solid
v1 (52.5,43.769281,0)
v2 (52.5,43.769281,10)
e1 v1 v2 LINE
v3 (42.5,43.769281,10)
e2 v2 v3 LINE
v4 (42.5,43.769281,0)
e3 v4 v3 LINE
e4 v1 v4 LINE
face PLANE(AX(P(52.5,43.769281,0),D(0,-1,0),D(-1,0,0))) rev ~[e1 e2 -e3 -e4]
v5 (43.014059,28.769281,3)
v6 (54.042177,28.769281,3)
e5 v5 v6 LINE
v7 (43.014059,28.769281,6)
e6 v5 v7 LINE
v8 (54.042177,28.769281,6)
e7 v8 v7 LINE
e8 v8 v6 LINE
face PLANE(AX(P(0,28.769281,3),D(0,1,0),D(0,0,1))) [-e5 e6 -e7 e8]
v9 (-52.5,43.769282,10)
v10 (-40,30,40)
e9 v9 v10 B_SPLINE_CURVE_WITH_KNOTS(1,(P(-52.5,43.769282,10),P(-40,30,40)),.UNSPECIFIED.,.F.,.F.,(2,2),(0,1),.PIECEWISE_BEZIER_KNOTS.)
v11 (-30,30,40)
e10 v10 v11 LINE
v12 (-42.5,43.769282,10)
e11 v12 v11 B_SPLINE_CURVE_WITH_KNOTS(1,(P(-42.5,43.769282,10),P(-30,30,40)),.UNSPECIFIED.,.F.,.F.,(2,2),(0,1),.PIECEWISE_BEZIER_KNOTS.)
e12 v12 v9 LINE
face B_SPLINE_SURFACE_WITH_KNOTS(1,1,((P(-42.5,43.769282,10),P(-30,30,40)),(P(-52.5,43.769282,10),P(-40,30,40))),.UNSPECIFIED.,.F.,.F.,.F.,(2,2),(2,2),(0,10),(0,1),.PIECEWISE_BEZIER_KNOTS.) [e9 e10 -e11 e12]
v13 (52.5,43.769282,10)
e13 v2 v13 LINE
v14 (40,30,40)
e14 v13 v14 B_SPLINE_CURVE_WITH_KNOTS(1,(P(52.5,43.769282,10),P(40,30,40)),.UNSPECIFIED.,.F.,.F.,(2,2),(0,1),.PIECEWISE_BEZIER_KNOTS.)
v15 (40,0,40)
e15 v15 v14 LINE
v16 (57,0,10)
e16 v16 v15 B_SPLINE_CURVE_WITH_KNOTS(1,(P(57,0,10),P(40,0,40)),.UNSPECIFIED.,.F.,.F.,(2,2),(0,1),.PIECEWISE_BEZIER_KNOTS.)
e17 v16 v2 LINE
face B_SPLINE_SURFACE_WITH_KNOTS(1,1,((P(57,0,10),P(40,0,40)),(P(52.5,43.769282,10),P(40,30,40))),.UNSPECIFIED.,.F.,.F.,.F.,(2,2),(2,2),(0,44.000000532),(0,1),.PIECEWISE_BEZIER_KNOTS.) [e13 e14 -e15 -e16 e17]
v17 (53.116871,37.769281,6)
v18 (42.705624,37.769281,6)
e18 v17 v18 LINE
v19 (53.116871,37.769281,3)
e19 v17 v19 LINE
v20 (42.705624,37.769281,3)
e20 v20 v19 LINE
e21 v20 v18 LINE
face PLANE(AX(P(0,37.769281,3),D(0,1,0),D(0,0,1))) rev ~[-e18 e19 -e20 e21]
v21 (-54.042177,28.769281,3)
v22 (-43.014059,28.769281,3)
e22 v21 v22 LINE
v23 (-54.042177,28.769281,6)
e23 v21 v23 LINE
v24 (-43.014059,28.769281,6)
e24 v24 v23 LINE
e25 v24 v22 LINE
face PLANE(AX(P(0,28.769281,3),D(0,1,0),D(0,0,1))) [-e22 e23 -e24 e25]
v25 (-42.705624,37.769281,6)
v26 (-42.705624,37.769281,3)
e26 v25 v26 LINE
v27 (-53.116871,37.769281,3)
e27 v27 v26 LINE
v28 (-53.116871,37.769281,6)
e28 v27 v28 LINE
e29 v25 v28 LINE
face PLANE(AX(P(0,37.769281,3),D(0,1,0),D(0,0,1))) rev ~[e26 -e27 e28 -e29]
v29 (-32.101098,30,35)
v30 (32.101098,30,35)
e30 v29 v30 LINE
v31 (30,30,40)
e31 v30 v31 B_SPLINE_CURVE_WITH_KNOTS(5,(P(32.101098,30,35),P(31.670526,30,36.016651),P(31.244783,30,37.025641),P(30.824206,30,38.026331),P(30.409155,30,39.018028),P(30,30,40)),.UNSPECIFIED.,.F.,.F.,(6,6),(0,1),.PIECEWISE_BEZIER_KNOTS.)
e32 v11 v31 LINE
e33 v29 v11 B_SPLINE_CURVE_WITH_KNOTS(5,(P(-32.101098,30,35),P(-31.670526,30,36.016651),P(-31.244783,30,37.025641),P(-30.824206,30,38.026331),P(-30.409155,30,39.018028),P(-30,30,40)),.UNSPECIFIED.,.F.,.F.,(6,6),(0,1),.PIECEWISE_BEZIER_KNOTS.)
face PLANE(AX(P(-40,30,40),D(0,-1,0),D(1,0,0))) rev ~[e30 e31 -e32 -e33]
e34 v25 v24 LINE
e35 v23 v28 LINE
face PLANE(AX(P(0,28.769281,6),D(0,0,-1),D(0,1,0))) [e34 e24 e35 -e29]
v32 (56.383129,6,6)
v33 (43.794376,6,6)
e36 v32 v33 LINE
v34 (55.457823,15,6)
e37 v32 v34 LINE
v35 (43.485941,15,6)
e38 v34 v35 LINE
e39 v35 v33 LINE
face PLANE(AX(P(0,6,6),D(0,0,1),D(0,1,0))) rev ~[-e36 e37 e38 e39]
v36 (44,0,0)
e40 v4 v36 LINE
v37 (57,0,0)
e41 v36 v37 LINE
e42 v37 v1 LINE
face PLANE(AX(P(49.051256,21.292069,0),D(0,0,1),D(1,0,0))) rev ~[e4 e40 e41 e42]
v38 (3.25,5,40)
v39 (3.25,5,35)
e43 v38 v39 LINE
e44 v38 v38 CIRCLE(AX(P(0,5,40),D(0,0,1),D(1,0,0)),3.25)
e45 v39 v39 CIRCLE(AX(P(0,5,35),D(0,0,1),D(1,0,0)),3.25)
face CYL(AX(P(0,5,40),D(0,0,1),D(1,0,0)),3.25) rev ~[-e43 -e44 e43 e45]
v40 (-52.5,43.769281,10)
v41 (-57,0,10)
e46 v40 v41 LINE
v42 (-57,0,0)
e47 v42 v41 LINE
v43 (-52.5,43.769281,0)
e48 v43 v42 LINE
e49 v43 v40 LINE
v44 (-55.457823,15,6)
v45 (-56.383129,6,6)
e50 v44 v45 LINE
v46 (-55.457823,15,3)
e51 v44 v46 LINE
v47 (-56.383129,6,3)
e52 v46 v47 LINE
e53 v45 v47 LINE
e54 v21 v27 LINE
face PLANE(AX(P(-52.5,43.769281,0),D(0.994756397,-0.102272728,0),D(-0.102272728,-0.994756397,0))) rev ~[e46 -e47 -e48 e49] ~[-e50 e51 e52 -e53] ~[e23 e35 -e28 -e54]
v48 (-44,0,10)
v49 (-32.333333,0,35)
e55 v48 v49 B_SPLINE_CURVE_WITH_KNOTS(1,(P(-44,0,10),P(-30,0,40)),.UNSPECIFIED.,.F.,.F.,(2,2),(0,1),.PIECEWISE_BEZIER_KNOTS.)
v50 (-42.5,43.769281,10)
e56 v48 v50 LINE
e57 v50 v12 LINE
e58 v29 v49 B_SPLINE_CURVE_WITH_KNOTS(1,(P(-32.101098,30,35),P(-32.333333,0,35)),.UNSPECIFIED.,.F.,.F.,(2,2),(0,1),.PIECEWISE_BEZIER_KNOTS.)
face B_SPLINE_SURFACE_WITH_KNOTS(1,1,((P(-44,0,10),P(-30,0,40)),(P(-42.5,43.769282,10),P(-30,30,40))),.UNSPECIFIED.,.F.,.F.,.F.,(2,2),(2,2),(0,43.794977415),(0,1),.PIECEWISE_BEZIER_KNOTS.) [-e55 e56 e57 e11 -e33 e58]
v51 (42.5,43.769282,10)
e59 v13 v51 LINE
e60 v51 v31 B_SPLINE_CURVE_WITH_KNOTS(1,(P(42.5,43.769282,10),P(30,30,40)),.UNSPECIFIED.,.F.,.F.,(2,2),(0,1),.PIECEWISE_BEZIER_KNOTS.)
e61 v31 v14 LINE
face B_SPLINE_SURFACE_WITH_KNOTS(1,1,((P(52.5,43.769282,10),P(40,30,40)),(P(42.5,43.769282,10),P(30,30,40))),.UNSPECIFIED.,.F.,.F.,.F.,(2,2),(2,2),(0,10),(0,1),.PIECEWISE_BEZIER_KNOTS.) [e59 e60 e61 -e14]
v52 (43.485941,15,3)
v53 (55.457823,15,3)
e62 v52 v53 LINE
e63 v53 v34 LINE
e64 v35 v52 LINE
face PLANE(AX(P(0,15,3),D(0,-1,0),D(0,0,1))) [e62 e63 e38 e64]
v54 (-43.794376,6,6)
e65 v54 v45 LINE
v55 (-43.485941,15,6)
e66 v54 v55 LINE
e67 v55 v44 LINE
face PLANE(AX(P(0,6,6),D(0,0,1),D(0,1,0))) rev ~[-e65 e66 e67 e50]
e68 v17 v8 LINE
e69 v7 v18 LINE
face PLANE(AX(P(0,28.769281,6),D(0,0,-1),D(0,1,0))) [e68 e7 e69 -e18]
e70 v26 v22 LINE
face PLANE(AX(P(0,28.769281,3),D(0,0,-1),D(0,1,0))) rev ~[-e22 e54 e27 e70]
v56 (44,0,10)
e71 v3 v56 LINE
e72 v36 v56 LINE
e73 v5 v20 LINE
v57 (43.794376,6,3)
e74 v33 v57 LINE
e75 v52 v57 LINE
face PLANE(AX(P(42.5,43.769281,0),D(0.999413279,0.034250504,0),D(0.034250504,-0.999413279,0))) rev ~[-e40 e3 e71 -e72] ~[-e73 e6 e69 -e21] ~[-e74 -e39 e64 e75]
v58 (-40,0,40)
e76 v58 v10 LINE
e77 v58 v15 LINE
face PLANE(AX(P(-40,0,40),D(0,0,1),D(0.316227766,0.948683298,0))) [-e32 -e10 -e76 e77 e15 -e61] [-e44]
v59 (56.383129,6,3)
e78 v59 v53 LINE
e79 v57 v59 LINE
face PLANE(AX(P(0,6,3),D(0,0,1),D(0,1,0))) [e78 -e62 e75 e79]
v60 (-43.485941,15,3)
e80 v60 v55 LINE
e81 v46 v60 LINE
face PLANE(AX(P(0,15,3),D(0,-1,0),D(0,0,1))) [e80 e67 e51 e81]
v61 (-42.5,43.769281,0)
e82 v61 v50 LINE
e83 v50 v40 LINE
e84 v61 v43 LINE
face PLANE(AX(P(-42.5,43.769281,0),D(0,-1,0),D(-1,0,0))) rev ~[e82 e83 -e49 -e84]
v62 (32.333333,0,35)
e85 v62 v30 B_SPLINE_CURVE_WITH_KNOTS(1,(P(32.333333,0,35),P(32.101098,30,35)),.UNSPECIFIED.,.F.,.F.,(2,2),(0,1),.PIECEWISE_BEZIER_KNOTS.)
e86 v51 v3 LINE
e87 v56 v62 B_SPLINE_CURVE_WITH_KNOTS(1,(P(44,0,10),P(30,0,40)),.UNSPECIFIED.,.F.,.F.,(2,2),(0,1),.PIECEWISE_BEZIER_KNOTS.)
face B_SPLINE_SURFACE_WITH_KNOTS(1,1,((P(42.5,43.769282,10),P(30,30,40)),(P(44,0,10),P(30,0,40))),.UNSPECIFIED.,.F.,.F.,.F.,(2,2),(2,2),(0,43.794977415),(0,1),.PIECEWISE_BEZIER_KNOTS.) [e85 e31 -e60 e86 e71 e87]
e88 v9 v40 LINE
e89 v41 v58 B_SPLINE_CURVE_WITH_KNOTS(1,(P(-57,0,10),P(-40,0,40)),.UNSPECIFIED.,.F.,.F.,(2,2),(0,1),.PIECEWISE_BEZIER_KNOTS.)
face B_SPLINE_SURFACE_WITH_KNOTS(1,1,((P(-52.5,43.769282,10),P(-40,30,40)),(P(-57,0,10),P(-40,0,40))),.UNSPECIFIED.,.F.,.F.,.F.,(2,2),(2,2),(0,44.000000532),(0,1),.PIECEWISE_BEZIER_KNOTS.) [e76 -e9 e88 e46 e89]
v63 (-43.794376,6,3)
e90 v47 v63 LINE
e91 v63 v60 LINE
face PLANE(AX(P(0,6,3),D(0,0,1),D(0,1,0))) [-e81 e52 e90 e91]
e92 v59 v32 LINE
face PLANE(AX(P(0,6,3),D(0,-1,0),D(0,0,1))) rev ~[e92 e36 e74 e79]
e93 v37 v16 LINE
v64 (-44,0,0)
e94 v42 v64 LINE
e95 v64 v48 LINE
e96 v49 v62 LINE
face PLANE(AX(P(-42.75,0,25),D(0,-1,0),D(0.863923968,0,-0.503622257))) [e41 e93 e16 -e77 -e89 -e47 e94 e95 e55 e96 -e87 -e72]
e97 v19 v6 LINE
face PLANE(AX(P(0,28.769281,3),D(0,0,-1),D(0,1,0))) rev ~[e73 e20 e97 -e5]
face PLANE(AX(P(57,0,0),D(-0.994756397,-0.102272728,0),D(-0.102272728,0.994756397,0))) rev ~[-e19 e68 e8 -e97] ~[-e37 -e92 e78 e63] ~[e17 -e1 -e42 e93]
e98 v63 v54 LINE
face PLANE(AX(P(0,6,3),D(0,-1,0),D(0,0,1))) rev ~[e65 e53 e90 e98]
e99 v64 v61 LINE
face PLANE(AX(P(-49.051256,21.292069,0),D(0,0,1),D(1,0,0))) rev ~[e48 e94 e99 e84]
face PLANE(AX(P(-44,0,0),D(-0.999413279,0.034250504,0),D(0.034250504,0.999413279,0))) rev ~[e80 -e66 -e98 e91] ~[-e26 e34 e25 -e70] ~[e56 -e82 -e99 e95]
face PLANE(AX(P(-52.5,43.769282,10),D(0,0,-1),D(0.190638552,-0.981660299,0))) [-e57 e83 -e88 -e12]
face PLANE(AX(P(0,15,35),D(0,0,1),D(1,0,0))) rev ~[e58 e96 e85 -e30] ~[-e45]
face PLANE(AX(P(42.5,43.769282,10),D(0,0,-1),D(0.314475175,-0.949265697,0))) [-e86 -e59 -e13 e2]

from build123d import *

# Parameters (mm, degrees)
F1_DEPTH  = 10
F3_W      = 10
F3_H      = 30
F6_W      = 80
F6_H      = 30
F7_DEPTH  = 5
F8_R      = 3.25
F9_DEPTH  = 5
F10_W     = 9
F10_H     = 3
F11_DEPTH = 100


with BuildPart() as f1:
    # F0 (on Top) → F1 (new body)
    with BuildSketch(Plane.XY):
        Polygon((-52.5, 43.769281), (-57, 0), (-44, 0), (-42.5, 43.769281), align=None)
        Polygon((42.5, 43.769281), (44, 0), (57, 0), (52.5, 43.769281), align=None)
    extrude(amount=F1_DEPTH)

    # F1_face (on face) → F4 section 0
    with BuildSketch(Plane(origin=(-49.065217, 20.933135, 10), x_dir=(1, 0, 0), z_dir=(0, 0, 1))):
        Polygon((-3.434783, 22.836147), (-7.934783, -20.933135), (5.065217, -20.933135), (6.565217, 22.836147), align=None)
    # F3 (on offset) → F4 section 1
    with BuildSketch(Plane.XY.offset(40)):
        with Locations((-35, 15)):
            Rectangle(F3_W, F3_H)
    loft()

    # F1_face (on face) → F5 section 0
    with BuildSketch(Plane(origin=(-49.065217, 20.933135, 10), x_dir=(1, 0, 0), z_dir=(0, 0, 1))):
        Polygon((91.565217, 22.836147), (93.065217, -20.933135), (106.065217, -20.933135), (101.565217, 22.836147), align=None)
    # F3 (on offset) → F5 section 1
    with BuildSketch(Plane.XY.offset(40)):
        with Locations((35, 15)):
            Rectangle(F3_W, F3_H)
    loft()

    # F6 (on offset) → F7 (join)
    with BuildSketch(Plane.XY.offset(40)):
        with Locations((0, 15)):
            Rectangle(F6_W, F6_H)
    extrude(amount=-F7_DEPTH)

    # F8 (on offset) → F9 (cut, through all)
    with BuildSketch(Plane.XY.offset(40)):
        with Locations((0, 5)):
            Circle(F8_R)
    extrude(amount=-F9_DEPTH, mode=Mode.SUBTRACT)

    # F10 (on Right) → F11 (cut, symmetric)
    with BuildSketch(Plane.YZ):
        with Locations((10.5, 4.5)):
            Rectangle(F10_W, F10_H)
        with Locations((33.269281, 4.5)):
            Rectangle(F10_W, F10_H)
    extrude(amount=F11_DEPTH, both=True, mode=Mode.SUBTRACT)


solid = f1.part
